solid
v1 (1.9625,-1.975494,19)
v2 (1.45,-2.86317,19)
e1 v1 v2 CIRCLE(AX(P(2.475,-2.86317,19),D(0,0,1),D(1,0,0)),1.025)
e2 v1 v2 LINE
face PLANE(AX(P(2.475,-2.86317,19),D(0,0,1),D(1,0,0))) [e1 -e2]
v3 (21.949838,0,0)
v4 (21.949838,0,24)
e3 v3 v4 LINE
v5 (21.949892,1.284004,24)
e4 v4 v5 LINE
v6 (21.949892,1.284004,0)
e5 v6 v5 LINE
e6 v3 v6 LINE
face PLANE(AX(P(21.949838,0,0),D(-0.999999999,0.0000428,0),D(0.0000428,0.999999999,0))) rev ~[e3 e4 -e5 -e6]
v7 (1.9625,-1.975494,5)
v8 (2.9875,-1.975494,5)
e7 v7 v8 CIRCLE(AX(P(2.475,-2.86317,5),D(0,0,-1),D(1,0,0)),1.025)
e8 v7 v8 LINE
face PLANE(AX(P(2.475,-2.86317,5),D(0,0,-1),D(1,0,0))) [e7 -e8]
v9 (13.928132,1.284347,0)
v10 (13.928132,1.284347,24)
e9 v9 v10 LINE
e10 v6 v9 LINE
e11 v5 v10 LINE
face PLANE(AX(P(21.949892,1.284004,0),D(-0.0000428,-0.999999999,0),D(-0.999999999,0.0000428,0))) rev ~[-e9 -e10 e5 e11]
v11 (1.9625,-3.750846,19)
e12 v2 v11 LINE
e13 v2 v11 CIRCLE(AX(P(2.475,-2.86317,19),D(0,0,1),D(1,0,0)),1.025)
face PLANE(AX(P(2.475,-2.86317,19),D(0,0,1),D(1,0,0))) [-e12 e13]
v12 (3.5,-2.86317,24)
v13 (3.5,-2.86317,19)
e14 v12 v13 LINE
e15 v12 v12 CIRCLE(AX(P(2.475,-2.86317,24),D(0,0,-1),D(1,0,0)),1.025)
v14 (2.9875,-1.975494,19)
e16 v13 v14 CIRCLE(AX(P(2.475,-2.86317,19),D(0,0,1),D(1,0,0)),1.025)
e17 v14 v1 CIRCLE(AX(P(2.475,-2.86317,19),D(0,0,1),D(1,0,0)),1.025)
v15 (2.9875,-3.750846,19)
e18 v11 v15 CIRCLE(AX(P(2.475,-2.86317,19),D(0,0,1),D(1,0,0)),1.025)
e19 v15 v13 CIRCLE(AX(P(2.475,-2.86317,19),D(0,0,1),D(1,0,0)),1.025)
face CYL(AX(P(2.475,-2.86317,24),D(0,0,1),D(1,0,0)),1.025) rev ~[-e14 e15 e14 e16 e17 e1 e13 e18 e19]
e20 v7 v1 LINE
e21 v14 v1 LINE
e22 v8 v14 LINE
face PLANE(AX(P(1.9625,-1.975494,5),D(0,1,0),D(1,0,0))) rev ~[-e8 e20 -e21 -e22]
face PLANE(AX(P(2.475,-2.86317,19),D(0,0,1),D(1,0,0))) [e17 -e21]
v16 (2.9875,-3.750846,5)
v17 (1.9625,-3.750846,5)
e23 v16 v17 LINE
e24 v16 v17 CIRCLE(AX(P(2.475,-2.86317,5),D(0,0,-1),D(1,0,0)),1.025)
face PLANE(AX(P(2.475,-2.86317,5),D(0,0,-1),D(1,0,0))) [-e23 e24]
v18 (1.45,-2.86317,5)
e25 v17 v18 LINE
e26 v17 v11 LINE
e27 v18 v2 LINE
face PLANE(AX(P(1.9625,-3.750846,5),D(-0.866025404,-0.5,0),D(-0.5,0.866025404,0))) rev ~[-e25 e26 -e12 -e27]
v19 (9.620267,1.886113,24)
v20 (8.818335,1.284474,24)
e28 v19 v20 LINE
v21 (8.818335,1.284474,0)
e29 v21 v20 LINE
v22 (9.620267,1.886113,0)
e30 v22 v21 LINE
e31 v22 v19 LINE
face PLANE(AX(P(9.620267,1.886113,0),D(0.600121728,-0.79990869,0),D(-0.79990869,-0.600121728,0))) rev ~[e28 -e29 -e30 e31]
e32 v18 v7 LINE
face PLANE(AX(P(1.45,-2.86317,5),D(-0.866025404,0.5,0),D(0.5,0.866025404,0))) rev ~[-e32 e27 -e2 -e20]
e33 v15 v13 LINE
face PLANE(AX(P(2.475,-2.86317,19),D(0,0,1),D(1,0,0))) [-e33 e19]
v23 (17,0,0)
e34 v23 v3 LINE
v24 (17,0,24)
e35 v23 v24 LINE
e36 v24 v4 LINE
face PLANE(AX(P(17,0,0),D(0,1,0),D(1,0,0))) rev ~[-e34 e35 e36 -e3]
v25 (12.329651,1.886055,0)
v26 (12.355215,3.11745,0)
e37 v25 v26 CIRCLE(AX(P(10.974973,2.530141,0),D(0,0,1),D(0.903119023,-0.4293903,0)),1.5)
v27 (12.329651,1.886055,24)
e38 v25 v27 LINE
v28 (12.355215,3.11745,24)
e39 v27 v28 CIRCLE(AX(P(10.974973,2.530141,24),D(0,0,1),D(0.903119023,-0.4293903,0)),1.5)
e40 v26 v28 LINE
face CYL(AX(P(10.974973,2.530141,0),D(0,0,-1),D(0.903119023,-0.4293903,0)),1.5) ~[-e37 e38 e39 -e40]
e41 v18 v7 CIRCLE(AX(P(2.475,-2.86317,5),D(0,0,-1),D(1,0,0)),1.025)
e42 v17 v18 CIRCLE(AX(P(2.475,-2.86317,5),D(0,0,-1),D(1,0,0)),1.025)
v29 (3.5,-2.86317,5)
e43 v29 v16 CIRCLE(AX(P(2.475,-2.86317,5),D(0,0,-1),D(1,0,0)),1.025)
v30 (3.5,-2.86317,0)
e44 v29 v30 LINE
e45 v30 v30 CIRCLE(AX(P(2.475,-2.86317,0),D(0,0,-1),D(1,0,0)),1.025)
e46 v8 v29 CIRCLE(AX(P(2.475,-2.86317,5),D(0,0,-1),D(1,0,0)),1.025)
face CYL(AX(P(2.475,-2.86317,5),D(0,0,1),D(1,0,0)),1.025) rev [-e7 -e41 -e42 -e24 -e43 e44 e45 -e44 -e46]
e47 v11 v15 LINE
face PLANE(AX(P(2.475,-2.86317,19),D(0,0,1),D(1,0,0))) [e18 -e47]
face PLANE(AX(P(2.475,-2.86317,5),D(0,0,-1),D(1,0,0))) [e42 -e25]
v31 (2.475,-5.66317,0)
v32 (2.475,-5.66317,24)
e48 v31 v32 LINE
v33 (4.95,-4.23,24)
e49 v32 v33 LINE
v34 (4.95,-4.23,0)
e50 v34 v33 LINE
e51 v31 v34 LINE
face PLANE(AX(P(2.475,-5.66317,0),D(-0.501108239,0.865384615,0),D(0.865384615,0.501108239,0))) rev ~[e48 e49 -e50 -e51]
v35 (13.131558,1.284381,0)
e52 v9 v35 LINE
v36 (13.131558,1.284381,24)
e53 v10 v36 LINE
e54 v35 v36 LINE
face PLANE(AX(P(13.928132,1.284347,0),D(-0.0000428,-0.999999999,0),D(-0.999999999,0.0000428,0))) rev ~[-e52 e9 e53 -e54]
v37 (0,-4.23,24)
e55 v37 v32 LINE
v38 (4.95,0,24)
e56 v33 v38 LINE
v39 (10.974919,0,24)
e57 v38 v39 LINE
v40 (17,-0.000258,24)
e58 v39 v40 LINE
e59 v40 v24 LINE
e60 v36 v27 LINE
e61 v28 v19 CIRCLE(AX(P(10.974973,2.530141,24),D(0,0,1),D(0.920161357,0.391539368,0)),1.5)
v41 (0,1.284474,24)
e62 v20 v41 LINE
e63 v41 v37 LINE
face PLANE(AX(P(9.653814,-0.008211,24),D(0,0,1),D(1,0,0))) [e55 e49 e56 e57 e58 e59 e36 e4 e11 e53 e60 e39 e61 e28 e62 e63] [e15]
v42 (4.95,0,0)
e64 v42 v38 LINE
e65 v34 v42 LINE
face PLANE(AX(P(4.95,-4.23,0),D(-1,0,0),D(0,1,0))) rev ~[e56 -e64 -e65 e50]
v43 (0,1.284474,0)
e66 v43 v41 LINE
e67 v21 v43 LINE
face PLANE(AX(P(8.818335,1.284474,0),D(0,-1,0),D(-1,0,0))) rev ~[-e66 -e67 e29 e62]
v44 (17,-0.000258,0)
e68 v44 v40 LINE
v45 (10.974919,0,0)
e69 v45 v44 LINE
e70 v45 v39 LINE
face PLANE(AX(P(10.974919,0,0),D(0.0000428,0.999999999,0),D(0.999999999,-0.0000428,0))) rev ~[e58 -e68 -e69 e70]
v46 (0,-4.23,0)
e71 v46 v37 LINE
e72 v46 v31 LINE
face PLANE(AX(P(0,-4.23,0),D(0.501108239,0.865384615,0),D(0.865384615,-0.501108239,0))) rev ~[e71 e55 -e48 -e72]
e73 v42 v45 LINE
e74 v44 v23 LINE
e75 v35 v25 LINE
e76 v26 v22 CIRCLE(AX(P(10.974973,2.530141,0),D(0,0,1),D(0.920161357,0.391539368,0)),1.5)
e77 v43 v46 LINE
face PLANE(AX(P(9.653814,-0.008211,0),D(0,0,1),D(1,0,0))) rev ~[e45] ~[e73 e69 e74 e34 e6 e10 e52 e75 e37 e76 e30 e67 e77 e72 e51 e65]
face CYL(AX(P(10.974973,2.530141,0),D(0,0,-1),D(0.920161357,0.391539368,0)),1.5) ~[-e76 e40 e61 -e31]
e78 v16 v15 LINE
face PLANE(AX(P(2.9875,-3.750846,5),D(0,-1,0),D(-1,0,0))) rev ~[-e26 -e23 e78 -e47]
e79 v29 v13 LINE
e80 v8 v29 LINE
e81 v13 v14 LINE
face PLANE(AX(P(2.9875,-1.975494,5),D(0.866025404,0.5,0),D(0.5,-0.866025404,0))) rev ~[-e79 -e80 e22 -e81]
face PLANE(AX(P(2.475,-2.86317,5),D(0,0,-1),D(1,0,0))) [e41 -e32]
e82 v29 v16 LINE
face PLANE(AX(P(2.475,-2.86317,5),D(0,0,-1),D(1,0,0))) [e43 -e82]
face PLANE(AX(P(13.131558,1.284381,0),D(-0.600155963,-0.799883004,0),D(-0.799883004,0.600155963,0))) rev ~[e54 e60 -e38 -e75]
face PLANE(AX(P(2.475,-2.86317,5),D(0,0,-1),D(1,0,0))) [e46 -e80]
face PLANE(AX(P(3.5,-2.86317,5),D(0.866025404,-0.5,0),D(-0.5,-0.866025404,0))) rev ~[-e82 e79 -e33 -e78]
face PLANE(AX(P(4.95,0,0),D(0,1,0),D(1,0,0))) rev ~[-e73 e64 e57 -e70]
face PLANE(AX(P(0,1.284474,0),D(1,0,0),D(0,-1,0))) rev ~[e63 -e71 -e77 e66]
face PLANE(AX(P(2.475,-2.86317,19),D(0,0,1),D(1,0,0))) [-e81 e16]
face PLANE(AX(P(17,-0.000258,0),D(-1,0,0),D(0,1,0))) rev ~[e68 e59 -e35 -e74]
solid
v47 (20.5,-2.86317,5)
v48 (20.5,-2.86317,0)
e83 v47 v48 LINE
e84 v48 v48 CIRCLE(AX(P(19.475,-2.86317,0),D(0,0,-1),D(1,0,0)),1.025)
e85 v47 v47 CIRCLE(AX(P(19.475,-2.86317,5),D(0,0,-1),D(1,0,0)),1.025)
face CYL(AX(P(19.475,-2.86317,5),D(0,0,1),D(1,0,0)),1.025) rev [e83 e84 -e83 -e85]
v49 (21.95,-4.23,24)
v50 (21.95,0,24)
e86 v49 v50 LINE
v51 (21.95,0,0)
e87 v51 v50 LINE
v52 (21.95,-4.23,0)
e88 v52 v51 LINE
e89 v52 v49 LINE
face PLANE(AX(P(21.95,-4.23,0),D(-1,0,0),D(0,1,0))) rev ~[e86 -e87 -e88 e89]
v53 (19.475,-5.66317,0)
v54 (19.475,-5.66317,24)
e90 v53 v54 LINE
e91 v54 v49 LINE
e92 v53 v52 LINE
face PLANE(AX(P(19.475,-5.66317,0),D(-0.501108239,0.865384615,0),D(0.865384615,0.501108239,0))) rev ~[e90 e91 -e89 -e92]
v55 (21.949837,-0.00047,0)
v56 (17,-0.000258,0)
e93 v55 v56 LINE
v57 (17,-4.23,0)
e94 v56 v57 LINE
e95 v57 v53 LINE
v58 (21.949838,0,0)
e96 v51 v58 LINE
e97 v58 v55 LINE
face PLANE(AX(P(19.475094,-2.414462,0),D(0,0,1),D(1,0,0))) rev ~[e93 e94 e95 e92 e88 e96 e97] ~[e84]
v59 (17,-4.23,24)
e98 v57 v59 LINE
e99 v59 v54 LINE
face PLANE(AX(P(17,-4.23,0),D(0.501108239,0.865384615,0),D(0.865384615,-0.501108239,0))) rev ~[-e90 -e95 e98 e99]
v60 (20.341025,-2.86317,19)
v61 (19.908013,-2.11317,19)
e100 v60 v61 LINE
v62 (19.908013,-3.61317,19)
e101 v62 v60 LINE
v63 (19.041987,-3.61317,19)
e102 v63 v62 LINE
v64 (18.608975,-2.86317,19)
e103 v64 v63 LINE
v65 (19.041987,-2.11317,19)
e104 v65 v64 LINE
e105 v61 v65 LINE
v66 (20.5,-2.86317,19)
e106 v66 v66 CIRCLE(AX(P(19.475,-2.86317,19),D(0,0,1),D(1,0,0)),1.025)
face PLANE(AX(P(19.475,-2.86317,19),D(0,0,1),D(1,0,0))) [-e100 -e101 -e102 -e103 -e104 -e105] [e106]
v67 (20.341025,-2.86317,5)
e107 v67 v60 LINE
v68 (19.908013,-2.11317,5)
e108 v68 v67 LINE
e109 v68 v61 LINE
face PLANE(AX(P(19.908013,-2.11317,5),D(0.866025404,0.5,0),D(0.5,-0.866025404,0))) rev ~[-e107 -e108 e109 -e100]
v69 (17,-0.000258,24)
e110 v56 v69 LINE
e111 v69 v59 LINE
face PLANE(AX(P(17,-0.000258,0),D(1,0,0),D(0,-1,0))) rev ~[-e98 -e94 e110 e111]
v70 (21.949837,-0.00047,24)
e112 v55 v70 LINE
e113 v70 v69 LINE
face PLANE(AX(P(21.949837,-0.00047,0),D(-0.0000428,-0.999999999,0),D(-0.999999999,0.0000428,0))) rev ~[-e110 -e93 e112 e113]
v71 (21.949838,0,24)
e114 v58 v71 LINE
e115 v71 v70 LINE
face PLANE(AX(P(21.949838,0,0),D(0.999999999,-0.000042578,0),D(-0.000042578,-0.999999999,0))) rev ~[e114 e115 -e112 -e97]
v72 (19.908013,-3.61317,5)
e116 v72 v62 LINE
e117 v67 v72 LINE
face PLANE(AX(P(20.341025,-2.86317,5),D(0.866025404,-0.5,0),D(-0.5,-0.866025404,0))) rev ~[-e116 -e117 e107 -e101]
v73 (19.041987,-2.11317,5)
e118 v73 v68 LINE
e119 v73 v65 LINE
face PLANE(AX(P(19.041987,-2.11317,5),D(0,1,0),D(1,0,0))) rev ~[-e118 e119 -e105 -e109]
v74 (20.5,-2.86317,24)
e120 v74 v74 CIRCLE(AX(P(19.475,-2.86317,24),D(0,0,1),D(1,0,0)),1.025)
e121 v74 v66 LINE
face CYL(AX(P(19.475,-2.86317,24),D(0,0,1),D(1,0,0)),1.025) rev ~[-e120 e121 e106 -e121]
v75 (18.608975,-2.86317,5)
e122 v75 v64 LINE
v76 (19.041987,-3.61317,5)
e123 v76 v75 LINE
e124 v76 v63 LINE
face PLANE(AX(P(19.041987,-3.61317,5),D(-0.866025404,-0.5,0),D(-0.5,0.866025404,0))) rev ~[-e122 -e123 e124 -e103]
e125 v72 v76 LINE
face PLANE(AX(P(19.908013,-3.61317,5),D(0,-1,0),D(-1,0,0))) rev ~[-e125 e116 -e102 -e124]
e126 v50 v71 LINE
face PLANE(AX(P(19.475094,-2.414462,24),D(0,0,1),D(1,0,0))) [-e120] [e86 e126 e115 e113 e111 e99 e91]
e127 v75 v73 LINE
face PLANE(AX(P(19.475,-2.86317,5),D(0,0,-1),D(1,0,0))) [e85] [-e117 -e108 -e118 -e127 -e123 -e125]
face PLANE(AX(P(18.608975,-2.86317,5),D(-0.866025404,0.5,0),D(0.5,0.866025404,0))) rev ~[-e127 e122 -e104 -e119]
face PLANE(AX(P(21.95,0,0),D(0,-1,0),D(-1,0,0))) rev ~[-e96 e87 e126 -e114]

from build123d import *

# Parameters (mm, degrees)
BOSS_EXTRUDE2_DEPTH   = 24
BOSS_EXTRUDE2_2_DEPTH = 24
SKETCH6_R             = 1.025
CUT_EXTRUDE1_DEPTH    = 5
CUT_EXTRUDE2_START    = -5
SKETCH7_R             = 1.025
CUT_EXTRUDE2_DEPTH    = 5
CUT_EXTRUDE4_DEPTH    = 7000


with BuildPart() as part:
    # Sketch3 → Boss-Extrude2 (new body)
    with BuildSketch(Plane.XY):
        with BuildLine():
            Line((0, 1.284473501), (0, -4.23))
            Line((0, -4.23), (2.475, -5.663169564))
            Line((2.475, -5.663169564), (4.95, -4.23))
            Line((4.95, -4.23), (4.95, 0))
            Line((4.95, 0), (10.974918748, 0))
            Line((10.974918748, 0), (17, -0.000257875))
            Line((17, -0.000257875), (17, 0))
            Line((17, 0), (21.949837505, 0))
            Line((21.949837505, 0), (21.949892461, 1.28400377))
            Line((21.949892461, 1.28400377), (13.928131848, 1.284347104))
            Line((13.928131848, 1.284347104), (13.13155756, 1.284381197))
            Line((13.13155756, 1.284381197), (12.329651428, 1.886055123))
            ThreePointArc((12.329651428, 1.886055123), (12.474649771, 2.499007586), (12.355214929, 3.117449627))
            ThreePointArc((12.355214929, 3.117449627), (10.359172253, 3.897908673), (9.620266793, 1.886113105))
            Line((9.620266793, 1.886113105), (8.81833491, 1.284473501))
            Line((8.81833491, 1.284473501), (0, 1.284473501))
        make_face()
    extrude(amount=BOSS_EXTRUDE2_DEPTH)


with BuildPart() as body_2:
    # Sketch3 → Boss-Extrude2 2 (new body)
    with BuildSketch(Plane.XY):
        Polygon((21.949837485, -0.00046973), (17, -0.000257875), (17, -4.23), (19.475, -5.663169564), (21.95, -4.23), (21.95, 0), (21.949837505, 0), align=None)
    extrude(amount=BOSS_EXTRUDE2_2_DEPTH)


with BuildPart() as cut_extrude1_tool:
    # Sketch6 → Cut-Extrude1 (new body)
    with BuildSketch(Plane.XY.offset(24)):
        with Locations((2.475, -2.863169564)):
            Circle(SKETCH6_R)
        with Locations((19.475, -2.863169564)):
            Circle(SKETCH6_R)
    extrude(amount=-CUT_EXTRUDE1_DEPTH)


with BuildPart() as part_1:
    add(part.part)

    # Cut-Extrude1: cut by cut_extrude1_tool
    add(cut_extrude1_tool.part, mode=Mode.SUBTRACT)


with BuildPart() as body_2_1:
    add(body_2.part)

    # Cut-Extrude1: cut by cut_extrude1_tool
    add(cut_extrude1_tool.part, mode=Mode.SUBTRACT)


with BuildPart() as cut_extrude2_tool:
    # Sketch7 → Cut-Extrude2 (new body)
    with BuildSketch(Plane(origin=(0, 0, 0), x_dir=(-1, 0, 0), z_dir=(0, 0, -1)).offset(CUT_EXTRUDE2_START)):
        with Locations(Location((-19.475, -2.863169564, 0), (0, 0, 180))):
            Circle(SKETCH7_R)
        with Locations(Location((-2.475, -2.863169564, 0), (0, 0, 180))):
            Circle(SKETCH7_R)
    extrude(amount=CUT_EXTRUDE2_DEPTH)


with BuildPart() as part_2:
    add(part_1.part)

    # Cut-Extrude2: cut by cut_extrude2_tool
    add(cut_extrude2_tool.part, mode=Mode.SUBTRACT)


with BuildPart() as body_2_2:
    add(body_2_1.part)

    # Cut-Extrude2: cut by cut_extrude2_tool
    add(cut_extrude2_tool.part, mode=Mode.SUBTRACT)


with BuildPart() as cut_extrude4_tool:
    # Sketch8 → Cut-Extrude4 (new body)
    with BuildSketch(Plane(origin=(0, 0, 5), x_dir=(-1, 0, 0), z_dir=(0, 0, -1))):
        Polygon((-18.608974596, -2.863169564), (-19.041987298, -2.113169564), (-19.908012702, -2.113169564), (-20.341025404, -2.863169564), (-19.908012702, -3.613169564), (-19.041987298, -3.613169564), align=None)
        Polygon((-1.45, -2.863169564), (-1.9625, -1.975493525), (-2.9875, -1.975493525), (-3.5, -2.863169564), (-2.9875, -3.750845603), (-1.9625, -3.750845603), align=None)
    extrude(amount=-CUT_EXTRUDE4_DEPTH)


with BuildPart() as part_3:
    add(part_2.part)

    # Cut-Extrude4: cut by cut_extrude4_tool
    add(cut_extrude4_tool.part, mode=Mode.SUBTRACT)


with BuildPart() as body_2_3:
    add(body_2_2.part)

    # Cut-Extrude4: cut by cut_extrude4_tool
    add(cut_extrude4_tool.part, mode=Mode.SUBTRACT)


solid = Compound([part_3.part, body_2_3.part])
